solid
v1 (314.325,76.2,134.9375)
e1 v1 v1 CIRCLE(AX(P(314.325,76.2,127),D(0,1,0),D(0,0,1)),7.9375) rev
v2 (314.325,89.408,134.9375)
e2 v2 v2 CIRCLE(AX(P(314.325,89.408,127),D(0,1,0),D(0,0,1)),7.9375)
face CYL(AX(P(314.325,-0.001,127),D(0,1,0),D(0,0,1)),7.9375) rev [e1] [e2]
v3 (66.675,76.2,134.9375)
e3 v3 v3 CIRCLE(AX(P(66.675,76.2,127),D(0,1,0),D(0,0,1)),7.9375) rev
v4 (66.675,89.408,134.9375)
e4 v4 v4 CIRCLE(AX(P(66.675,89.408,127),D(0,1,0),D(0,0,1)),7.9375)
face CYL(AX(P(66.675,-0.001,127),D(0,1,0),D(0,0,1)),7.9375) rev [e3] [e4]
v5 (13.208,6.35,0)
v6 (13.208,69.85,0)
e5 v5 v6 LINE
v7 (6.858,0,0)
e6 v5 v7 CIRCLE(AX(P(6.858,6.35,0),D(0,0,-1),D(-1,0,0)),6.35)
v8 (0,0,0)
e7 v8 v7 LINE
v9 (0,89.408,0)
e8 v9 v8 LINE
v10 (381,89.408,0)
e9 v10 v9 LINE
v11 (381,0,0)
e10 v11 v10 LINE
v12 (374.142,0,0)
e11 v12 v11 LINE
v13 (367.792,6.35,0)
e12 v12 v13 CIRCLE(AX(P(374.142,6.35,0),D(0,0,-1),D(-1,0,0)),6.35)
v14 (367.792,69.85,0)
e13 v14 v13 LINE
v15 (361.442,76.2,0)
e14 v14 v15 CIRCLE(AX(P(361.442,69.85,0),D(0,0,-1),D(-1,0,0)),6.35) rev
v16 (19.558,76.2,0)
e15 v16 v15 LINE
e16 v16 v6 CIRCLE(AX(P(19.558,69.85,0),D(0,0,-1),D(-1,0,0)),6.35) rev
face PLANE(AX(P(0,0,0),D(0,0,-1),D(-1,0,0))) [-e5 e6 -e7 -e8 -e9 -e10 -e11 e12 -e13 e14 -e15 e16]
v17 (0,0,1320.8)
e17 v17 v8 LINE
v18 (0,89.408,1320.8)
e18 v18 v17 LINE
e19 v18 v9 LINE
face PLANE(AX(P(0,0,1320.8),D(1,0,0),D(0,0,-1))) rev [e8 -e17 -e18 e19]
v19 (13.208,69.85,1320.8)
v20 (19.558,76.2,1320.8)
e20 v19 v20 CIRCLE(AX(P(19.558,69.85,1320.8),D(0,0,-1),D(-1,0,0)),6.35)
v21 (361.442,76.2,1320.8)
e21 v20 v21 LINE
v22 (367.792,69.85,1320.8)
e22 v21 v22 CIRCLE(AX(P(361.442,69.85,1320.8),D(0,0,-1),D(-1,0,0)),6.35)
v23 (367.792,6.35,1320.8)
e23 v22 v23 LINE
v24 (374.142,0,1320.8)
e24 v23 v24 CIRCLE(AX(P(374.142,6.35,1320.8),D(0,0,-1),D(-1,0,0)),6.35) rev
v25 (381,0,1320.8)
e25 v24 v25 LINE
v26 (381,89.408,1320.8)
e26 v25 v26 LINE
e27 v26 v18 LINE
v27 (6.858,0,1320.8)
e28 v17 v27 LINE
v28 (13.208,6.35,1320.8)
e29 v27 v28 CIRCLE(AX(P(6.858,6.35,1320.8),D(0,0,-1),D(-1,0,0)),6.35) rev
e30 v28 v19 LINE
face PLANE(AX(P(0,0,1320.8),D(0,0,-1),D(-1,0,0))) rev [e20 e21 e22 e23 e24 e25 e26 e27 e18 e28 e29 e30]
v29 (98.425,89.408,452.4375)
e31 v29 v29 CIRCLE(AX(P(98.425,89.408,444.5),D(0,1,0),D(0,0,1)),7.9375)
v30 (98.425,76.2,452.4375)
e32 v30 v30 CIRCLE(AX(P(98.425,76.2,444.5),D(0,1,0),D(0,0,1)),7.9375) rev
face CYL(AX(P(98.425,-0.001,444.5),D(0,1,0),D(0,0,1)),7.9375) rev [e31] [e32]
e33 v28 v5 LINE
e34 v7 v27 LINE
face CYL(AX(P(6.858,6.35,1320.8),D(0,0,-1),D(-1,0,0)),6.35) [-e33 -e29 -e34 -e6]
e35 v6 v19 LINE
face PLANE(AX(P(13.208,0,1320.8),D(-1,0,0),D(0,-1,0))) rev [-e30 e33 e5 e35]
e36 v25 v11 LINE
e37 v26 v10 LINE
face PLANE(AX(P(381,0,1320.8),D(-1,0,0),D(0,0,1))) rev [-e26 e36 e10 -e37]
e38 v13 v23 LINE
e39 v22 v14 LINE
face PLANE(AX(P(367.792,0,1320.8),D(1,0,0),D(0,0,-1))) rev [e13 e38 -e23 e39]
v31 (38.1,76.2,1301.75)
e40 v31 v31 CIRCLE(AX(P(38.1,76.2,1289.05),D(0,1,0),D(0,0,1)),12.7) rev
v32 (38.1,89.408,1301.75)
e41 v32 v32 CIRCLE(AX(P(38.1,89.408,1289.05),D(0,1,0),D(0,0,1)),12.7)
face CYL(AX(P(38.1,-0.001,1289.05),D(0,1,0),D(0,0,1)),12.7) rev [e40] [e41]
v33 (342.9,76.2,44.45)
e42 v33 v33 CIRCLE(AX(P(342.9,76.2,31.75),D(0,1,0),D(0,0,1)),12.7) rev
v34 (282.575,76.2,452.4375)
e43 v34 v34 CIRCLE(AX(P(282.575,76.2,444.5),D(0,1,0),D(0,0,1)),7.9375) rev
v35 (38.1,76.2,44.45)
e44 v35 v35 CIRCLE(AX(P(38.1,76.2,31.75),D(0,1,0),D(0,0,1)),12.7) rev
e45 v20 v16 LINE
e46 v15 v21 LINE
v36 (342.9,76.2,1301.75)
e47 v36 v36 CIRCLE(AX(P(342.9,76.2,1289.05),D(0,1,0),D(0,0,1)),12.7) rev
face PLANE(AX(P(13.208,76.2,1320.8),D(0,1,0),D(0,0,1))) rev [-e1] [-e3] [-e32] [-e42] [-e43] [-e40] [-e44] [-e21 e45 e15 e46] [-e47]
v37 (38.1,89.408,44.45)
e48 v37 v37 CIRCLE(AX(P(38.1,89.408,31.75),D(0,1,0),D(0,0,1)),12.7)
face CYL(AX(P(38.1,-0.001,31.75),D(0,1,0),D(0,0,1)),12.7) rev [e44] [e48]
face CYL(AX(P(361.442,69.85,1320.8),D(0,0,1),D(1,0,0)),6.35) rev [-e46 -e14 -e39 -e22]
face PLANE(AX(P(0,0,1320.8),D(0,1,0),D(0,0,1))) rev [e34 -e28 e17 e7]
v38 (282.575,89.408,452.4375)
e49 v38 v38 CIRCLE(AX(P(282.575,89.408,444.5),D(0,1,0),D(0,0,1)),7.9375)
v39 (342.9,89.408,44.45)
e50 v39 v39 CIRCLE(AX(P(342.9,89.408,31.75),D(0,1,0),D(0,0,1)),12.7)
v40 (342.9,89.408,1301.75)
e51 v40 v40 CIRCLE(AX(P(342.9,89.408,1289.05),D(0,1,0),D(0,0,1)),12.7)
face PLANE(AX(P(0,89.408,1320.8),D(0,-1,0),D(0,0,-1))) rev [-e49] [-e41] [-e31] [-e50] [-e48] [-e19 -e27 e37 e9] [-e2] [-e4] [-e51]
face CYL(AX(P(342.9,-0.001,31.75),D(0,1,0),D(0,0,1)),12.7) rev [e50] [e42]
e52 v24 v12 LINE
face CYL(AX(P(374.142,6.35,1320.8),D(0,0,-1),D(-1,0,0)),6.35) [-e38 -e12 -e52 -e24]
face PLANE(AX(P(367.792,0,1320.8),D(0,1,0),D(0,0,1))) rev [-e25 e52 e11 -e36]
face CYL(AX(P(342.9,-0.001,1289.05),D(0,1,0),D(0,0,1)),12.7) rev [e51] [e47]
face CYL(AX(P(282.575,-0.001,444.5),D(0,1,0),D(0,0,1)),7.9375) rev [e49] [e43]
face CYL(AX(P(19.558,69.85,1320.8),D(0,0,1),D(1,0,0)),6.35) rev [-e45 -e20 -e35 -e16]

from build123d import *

# Parameters (mm, degrees)
BOSS_EXTRUDE1_DEPTH = 1320.8
FILLET1_R           = 6.35
CUT_EXTRUDE1_REACH  = 1379.559
SKETCH2_R           = 7.9375
CUT_EXTRUDE2_REACH  = 1379.559
SKETCH3_R           = 12.7


with BuildPart() as part:
    # Sketch1 → Boss-Extrude1 (new body)
    with BuildSketch(Plane.XY):
        Polygon((367.792, 0), (381, 0), (381, 89.408), (0, 89.408), (0, 0), (13.208, 0), (13.208, 76.2), (367.792, 76.2), align=None)
    extrude(amount=BOSS_EXTRUDE1_DEPTH)

    # Fillet1
    fillet1_edges = [part.edges().sort_by_distance(p)[0] for p in [
        (367.792, 0, 660.4),
        (367.792, 76.2, 660.4),
        (13.208, 76.2, 660.4),
        (13.208, 0, 660.4),
    ]]
    fillet(fillet1_edges, radius=FILLET1_R)

    # Sketch2 → Cut-Extrude1 (cut, up to next)
    with BuildSketch(Plane(origin=(0, 89.408, 0), x_dir=(1, 0, 0), z_dir=(0, 1, 0)), mode=Mode.PRIVATE) as cut_extrude1_sk1:
        with Locations(Location((66.675, -127, 0), (0, 0, 270))):
            Circle(SKETCH2_R)
    cut_extrude1_tool1 = extrude(cut_extrude1_sk1.sketch, amount=-CUT_EXTRUDE1_REACH, mode=Mode.PRIVATE) & part.part
    # Sketch2 → Cut-Extrude1 (cut, up to next)
    with BuildSketch(Plane(origin=(0, 89.408, 0), x_dir=(1, 0, 0), z_dir=(0, 1, 0)), mode=Mode.PRIVATE) as cut_extrude1_sk2:
        with Locations(Location((314.325, -127, 0), (0, 0, 270))):
            Circle(SKETCH2_R)
    cut_extrude1_tool2 = extrude(cut_extrude1_sk2.sketch, amount=-CUT_EXTRUDE1_REACH, mode=Mode.PRIVATE) & part.part
    # Sketch2 → Cut-Extrude1 (cut, up to next)
    with BuildSketch(Plane(origin=(0, 89.408, 0), x_dir=(1, 0, 0), z_dir=(0, 1, 0)), mode=Mode.PRIVATE) as cut_extrude1_sk3:
        with Locations(Location((98.425, -444.5, 0), (0, 0, 270))):
            Circle(SKETCH2_R)
    cut_extrude1_tool3 = extrude(cut_extrude1_sk3.sketch, amount=-CUT_EXTRUDE1_REACH, mode=Mode.PRIVATE) & part.part
    # Sketch2 → Cut-Extrude1 (cut, up to next)
    with BuildSketch(Plane(origin=(0, 89.408, 0), x_dir=(1, 0, 0), z_dir=(0, 1, 0)), mode=Mode.PRIVATE) as cut_extrude1_sk4:
        with Locations(Location((282.575, -444.5, 0), (0, 0, 270))):
            Circle(SKETCH2_R)
    cut_extrude1_tool4 = extrude(cut_extrude1_sk4.sketch, amount=-CUT_EXTRUDE1_REACH, mode=Mode.PRIVATE) & part.part
    add(cut_extrude1_tool1.solids().sort_by_distance((66.675, 89.408, 127))[0], mode=Mode.SUBTRACT)
    add(cut_extrude1_tool2.solids().sort_by_distance((314.325, 89.408, 127))[0], mode=Mode.SUBTRACT)
    add(cut_extrude1_tool3.solids().sort_by_distance((98.425, 89.408, 444.5))[0], mode=Mode.SUBTRACT)
    add(cut_extrude1_tool4.solids().sort_by_distance((282.575, 89.408, 444.5))[0], mode=Mode.SUBTRACT)

    # Sketch3 → Cut-Extrude2 (cut, up to next)
    with BuildSketch(Plane(origin=(0, 89.408, 0), x_dir=(1, 0, 0), z_dir=(0, 1, 0)), mode=Mode.PRIVATE) as cut_extrude2_sk1:
        with Locations(Location((38.1, -31.75, 0), (0, 0, 270))):
            Circle(SKETCH3_R)
    cut_extrude2_tool1 = extrude(cut_extrude2_sk1.sketch, amount=-CUT_EXTRUDE2_REACH, mode=Mode.PRIVATE) & part.part
    # Sketch3 → Cut-Extrude2 (cut, up to next)
    with BuildSketch(Plane(origin=(0, 89.408, 0), x_dir=(1, 0, 0), z_dir=(0, 1, 0)), mode=Mode.PRIVATE) as cut_extrude2_sk2:
        with Locations(Location((342.9, -31.75, 0), (0, 0, 270))):
            Circle(SKETCH3_R)
    cut_extrude2_tool2 = extrude(cut_extrude2_sk2.sketch, amount=-CUT_EXTRUDE2_REACH, mode=Mode.PRIVATE) & part.part
    # Sketch3 → Cut-Extrude2 (cut, up to next)
    with BuildSketch(Plane(origin=(0, 89.408, 0), x_dir=(1, 0, 0), z_dir=(0, 1, 0)), mode=Mode.PRIVATE) as cut_extrude2_sk3:
        with Locations(Location((38.1, -1289.05, 0), (0, 0, 270))):
            Circle(SKETCH3_R)
    cut_extrude2_tool3 = extrude(cut_extrude2_sk3.sketch, amount=-CUT_EXTRUDE2_REACH, mode=Mode.PRIVATE) & part.part
    # Sketch3 → Cut-Extrude2 (cut, up to next)
    with BuildSketch(Plane(origin=(0, 89.408, 0), x_dir=(1, 0, 0), z_dir=(0, 1, 0)), mode=Mode.PRIVATE) as cut_extrude2_sk4:
        with Locations(Location((342.9, -1289.05, 0), (0, 0, 270))):
            Circle(SKETCH3_R)
    cut_extrude2_tool4 = extrude(cut_extrude2_sk4.sketch, amount=-CUT_EXTRUDE2_REACH, mode=Mode.PRIVATE) & part.part
    add(cut_extrude2_tool1.solids().sort_by_distance((38.1, 89.408, 31.75))[0], mode=Mode.SUBTRACT)
    add(cut_extrude2_tool2.solids().sort_by_distance((342.9, 89.408, 31.75))[0], mode=Mode.SUBTRACT)
    add(cut_extrude2_tool3.solids().sort_by_distance((38.1, 89.408, 1289.05))[0], mode=Mode.SUBTRACT)
    add(cut_extrude2_tool4.solids().sort_by_distance((342.9, 89.408, 1289.05))[0], mode=Mode.SUBTRACT)


solid = part.part
